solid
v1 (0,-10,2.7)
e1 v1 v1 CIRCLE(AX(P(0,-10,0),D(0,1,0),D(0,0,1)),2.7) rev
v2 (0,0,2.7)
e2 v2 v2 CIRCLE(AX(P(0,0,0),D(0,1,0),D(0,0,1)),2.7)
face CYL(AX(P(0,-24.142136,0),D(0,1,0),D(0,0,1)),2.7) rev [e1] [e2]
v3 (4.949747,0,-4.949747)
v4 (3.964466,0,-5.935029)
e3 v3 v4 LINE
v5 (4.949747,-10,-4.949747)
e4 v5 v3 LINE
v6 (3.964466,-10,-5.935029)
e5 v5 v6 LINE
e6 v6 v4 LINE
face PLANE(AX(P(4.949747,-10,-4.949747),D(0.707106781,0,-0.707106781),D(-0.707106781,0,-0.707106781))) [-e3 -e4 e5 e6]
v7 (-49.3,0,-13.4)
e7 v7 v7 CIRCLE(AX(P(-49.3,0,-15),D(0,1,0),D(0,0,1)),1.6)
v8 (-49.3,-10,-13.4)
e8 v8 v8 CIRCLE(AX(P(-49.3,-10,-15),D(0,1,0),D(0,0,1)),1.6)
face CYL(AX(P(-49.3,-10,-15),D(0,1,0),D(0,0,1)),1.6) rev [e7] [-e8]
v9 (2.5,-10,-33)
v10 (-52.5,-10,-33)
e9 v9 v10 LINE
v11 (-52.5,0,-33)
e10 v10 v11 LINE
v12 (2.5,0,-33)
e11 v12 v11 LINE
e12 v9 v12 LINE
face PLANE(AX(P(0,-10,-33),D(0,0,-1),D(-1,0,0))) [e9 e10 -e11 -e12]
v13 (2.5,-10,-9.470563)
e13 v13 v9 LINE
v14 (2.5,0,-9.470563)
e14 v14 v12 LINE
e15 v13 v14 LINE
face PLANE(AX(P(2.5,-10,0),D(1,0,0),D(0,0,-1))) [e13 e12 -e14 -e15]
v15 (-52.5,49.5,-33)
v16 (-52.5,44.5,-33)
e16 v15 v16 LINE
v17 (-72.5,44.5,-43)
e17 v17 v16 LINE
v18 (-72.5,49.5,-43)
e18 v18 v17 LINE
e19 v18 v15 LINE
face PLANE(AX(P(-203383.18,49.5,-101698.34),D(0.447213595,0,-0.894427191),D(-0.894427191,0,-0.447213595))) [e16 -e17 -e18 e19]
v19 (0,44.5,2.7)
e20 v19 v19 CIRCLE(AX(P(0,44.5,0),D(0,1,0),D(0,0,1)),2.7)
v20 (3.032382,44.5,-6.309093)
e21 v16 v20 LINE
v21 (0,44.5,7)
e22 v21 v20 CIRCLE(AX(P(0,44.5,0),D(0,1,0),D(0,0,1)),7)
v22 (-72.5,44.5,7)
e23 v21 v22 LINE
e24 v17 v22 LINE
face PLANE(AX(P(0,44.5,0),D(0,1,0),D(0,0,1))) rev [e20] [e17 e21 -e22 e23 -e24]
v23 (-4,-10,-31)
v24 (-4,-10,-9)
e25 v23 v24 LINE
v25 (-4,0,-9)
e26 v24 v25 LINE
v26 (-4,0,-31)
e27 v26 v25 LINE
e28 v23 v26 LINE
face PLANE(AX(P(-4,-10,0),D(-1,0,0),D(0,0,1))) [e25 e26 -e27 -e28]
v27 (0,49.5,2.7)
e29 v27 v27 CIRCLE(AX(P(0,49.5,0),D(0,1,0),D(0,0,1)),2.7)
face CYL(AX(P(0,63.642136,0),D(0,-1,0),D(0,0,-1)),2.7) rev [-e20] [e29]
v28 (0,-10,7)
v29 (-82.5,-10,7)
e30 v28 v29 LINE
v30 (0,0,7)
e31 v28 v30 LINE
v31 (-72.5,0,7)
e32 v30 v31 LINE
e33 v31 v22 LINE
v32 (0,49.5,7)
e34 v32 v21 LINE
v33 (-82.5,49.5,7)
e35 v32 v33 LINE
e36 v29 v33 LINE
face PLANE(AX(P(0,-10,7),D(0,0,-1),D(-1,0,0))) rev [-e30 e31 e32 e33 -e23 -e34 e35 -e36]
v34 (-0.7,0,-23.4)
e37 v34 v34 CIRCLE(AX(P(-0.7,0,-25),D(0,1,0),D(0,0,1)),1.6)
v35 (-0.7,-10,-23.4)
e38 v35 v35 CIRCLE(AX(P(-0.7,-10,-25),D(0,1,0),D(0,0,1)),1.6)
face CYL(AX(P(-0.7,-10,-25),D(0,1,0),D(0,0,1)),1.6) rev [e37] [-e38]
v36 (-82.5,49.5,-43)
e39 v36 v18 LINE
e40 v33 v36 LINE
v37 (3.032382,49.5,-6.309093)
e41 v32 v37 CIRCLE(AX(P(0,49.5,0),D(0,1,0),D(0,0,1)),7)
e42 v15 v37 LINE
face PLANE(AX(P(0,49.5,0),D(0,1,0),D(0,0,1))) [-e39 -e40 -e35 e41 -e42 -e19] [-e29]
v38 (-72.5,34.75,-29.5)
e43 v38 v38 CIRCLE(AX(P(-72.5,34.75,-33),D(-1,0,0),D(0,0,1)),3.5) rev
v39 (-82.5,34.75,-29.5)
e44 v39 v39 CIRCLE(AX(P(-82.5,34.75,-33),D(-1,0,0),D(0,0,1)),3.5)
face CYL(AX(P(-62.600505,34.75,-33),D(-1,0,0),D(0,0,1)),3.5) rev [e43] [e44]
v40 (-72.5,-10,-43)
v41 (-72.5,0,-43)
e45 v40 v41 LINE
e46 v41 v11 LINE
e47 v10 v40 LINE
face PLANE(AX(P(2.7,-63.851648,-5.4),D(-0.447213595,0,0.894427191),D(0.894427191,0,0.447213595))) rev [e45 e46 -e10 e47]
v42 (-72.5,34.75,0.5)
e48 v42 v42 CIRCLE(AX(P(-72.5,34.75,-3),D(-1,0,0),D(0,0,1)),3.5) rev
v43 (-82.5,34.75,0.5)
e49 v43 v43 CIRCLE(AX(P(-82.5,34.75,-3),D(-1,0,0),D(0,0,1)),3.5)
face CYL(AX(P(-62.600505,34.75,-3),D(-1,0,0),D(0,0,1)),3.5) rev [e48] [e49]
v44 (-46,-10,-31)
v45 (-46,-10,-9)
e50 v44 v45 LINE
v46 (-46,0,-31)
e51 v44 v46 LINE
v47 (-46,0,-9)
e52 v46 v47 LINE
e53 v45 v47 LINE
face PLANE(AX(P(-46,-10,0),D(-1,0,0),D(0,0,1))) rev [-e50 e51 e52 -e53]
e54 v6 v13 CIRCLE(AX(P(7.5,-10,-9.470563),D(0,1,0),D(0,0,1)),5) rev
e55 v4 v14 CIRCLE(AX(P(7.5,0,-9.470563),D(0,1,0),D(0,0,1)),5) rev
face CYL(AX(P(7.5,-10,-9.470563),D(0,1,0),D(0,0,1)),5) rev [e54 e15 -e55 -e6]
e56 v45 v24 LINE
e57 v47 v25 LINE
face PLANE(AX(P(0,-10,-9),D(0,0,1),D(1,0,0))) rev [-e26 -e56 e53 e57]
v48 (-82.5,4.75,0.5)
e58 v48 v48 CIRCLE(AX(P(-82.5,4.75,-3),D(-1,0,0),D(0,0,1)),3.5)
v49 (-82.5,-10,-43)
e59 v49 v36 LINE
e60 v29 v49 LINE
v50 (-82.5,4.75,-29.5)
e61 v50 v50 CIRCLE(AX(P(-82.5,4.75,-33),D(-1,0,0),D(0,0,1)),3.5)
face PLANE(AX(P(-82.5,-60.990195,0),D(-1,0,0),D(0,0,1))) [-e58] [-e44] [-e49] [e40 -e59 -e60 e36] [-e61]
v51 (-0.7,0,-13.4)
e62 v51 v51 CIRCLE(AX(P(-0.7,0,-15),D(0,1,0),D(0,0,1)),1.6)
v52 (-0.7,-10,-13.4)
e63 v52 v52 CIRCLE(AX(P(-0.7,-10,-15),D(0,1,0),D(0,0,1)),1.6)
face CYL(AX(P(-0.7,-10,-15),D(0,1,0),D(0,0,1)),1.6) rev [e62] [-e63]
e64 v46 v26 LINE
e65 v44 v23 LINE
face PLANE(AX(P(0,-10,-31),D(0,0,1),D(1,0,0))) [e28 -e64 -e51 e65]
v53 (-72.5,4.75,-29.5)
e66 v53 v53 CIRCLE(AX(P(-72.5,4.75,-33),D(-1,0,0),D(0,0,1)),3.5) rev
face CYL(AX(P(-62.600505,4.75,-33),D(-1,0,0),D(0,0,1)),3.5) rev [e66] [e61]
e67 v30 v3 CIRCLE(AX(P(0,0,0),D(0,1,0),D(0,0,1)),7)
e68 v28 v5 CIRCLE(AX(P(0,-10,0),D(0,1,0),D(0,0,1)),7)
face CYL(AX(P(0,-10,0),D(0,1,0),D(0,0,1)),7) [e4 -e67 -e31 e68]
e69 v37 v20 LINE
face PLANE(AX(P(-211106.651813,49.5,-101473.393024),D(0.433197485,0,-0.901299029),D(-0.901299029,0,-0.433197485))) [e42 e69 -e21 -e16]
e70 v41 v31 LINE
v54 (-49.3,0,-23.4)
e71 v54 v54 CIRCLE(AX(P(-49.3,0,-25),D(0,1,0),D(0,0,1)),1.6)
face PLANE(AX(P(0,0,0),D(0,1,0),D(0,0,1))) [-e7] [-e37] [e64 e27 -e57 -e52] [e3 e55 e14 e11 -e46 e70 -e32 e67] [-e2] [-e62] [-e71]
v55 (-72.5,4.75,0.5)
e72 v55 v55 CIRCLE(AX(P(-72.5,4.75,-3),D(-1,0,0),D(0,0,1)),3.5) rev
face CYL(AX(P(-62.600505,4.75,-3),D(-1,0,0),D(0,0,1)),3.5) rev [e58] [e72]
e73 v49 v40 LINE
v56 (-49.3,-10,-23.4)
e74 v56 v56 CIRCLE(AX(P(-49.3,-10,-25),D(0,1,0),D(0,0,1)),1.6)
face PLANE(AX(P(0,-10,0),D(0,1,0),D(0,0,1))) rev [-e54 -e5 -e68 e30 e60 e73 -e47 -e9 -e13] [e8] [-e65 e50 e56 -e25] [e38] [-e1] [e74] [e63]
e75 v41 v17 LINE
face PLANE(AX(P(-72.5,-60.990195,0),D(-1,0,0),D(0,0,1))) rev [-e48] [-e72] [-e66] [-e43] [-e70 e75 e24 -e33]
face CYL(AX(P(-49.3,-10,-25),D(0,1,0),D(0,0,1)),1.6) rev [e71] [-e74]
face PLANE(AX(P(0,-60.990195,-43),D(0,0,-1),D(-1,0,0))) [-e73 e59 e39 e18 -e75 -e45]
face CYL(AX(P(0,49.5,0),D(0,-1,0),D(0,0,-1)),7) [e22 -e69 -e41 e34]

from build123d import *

# Parameters (mm, degrees)
SKETCH1_R           = 1.6
SKETCH1_R_2         = 5
SKETCH1_W           = 42
SKETCH1_H           = 22
BOSS_EXTRUDE1_DEPTH = 10
BOSS_EXTRUDE2_DEPTH = 10
BOSS_EXTRUDE4_START = 44.5
SKETCH2_R           = 5
BOSS_EXTRUDE4_DEPTH = 5
BOSS_EXTRUDE3_START = -10
SKETCH1_5_W         = 10
SKETCH1_5_H         = 50
BOSS_EXTRUDE3_DEPTH = 54.5
SKETCH3_R           = 3.5
CUT_EXTRUDE1_DEPTH  = 10
SKETCH4_R           = 5
SKETCH4_R_2         = 2.7
BOSS_EXTRUDE5_DEPTH = 10
BOSS_EXTRUDE6_START = 44.5
SKETCH4_2_R         = 5
SKETCH4_2_R_2       = 2.7
BOSS_EXTRUDE6_DEPTH = 5


with BuildPart() as part:
    # Sketch1 → Boss-Extrude1 (new body)
    with BuildSketch(Plane(origin=(0, 0, 0), x_dir=(1, 0, 0), z_dir=(0, 1, 0))):
        with BuildLine():
            Line((4.949747468, 4.949747468), (3.964466094, 5.935028843))
            ThreePointArc((3.964466094, 5.935028843), (2.880602337, 7.557145587), (2.5, 9.470562748))
            Line((2.5, 9.470562748), (2.5, 33))
            Line((2.5, 33), (-52.5, 33))
            Line((-52.5, 33), (-52.5, -7))
            Line((-52.5, -7), (0, -7))
            ThreePointArc((0, -7), (6.467156728, -2.678784027), (4.949747468, 4.949747468))
        make_face()
        with Locations((-49.3, 25)):
            Circle(SKETCH1_R, mode=Mode.SUBTRACT)
        with Locations((-49.3, 15)):
            Circle(SKETCH1_R, mode=Mode.SUBTRACT)
        with Locations((-0.7, 15)):
            Circle(SKETCH1_R, mode=Mode.SUBTRACT)
        with Locations((-0.7, 25)):
            Circle(SKETCH1_R, mode=Mode.SUBTRACT)
        Circle(SKETCH1_R_2, mode=Mode.SUBTRACT)
        with Locations((-25, 20)):
            Rectangle(SKETCH1_W, SKETCH1_H, mode=Mode.SUBTRACT)
    extrude(amount=-BOSS_EXTRUDE1_DEPTH)

    # Sketch1<4> → Boss-Extrude2 (add)
    with BuildSketch(Plane(origin=(0, 0, 0), x_dir=(1, 0, 0), z_dir=(0, 1, 0))):
        Polygon((-72.5, -7), (-52.5, -7), (-52.5, 33), (-72.5, 43), align=None)
    extrude(amount=-BOSS_EXTRUDE2_DEPTH)



with BuildPart() as body_2:
    # Sketch2 → Boss-Extrude4 (new body)
    with BuildSketch(Plane(origin=(0, 0, 0), x_dir=(1, 0, 0), z_dir=(0, 1, 0)).offset(BOSS_EXTRUDE4_START)):
        with BuildLine():
            Line((-72.5, 43), (-52.5, 33))
            Line((-52.5, 33), (3.032382393, 6.309093201))
            ThreePointArc((3.032382393, 6.309093201), (6.825088, -1.555047844), (0, -7))
            Line((0, -7), (-52.5, -7))
            Line((-52.5, -7), (-82.5, -7))
            Line((-82.5, -7), (-82.5, 43))
            Line((-82.5, 43), (-72.5, 43))
        make_face()
        Circle(SKETCH2_R, mode=Mode.SUBTRACT)
    extrude(amount=BOSS_EXTRUDE4_DEPTH)


with BuildPart() as part_1:
    add(part.part)

    add(body_2.part)  # Boss-Extrude3 merges body 2
    # Sketch1<5> → Boss-Extrude3 (add)
    with BuildSketch(Plane(origin=(0, 0, 0), x_dir=(1, 0, 0), z_dir=(0, 1, 0)).offset(BOSS_EXTRUDE3_START)):
        with Locations((-77.5, 18)):
            Rectangle(SKETCH1_5_W, SKETCH1_5_H)
    extrude(amount=BOSS_EXTRUDE3_DEPTH)

    # Sketch3 → Cut-Extrude1 (cut)
    with BuildSketch(Plane.ZY.offset(82.5)):
        with Locations((-3, 34.75)):
            Circle(SKETCH3_R)
        with Locations((-3, 4.75)):
            Circle(SKETCH3_R)
        with Locations((-33, 4.75)):
            Circle(SKETCH3_R)
        with Locations((-33, 34.75)):
            Circle(SKETCH3_R)
    extrude(amount=-CUT_EXTRUDE1_DEPTH, mode=Mode.SUBTRACT)

    # Sketch4 → Boss-Extrude5 (add)
    with BuildSketch(Plane(origin=(0, 0, 0), x_dir=(1, 0, 0), z_dir=(0, 1, 0))):
        Circle(SKETCH4_R)
        Circle(SKETCH4_R_2, mode=Mode.SUBTRACT)
    extrude(amount=-BOSS_EXTRUDE5_DEPTH)

    # Sketch4<2> → Boss-Extrude6 (add)
    with BuildSketch(Plane(origin=(0, 0, 0), x_dir=(1, 0, 0), z_dir=(0, 1, 0)).offset(BOSS_EXTRUDE6_START)):
        Circle(SKETCH4_2_R)
        Circle(SKETCH4_2_R_2, mode=Mode.SUBTRACT)
    extrude(amount=BOSS_EXTRUDE6_DEPTH)


solid = part_1.part
